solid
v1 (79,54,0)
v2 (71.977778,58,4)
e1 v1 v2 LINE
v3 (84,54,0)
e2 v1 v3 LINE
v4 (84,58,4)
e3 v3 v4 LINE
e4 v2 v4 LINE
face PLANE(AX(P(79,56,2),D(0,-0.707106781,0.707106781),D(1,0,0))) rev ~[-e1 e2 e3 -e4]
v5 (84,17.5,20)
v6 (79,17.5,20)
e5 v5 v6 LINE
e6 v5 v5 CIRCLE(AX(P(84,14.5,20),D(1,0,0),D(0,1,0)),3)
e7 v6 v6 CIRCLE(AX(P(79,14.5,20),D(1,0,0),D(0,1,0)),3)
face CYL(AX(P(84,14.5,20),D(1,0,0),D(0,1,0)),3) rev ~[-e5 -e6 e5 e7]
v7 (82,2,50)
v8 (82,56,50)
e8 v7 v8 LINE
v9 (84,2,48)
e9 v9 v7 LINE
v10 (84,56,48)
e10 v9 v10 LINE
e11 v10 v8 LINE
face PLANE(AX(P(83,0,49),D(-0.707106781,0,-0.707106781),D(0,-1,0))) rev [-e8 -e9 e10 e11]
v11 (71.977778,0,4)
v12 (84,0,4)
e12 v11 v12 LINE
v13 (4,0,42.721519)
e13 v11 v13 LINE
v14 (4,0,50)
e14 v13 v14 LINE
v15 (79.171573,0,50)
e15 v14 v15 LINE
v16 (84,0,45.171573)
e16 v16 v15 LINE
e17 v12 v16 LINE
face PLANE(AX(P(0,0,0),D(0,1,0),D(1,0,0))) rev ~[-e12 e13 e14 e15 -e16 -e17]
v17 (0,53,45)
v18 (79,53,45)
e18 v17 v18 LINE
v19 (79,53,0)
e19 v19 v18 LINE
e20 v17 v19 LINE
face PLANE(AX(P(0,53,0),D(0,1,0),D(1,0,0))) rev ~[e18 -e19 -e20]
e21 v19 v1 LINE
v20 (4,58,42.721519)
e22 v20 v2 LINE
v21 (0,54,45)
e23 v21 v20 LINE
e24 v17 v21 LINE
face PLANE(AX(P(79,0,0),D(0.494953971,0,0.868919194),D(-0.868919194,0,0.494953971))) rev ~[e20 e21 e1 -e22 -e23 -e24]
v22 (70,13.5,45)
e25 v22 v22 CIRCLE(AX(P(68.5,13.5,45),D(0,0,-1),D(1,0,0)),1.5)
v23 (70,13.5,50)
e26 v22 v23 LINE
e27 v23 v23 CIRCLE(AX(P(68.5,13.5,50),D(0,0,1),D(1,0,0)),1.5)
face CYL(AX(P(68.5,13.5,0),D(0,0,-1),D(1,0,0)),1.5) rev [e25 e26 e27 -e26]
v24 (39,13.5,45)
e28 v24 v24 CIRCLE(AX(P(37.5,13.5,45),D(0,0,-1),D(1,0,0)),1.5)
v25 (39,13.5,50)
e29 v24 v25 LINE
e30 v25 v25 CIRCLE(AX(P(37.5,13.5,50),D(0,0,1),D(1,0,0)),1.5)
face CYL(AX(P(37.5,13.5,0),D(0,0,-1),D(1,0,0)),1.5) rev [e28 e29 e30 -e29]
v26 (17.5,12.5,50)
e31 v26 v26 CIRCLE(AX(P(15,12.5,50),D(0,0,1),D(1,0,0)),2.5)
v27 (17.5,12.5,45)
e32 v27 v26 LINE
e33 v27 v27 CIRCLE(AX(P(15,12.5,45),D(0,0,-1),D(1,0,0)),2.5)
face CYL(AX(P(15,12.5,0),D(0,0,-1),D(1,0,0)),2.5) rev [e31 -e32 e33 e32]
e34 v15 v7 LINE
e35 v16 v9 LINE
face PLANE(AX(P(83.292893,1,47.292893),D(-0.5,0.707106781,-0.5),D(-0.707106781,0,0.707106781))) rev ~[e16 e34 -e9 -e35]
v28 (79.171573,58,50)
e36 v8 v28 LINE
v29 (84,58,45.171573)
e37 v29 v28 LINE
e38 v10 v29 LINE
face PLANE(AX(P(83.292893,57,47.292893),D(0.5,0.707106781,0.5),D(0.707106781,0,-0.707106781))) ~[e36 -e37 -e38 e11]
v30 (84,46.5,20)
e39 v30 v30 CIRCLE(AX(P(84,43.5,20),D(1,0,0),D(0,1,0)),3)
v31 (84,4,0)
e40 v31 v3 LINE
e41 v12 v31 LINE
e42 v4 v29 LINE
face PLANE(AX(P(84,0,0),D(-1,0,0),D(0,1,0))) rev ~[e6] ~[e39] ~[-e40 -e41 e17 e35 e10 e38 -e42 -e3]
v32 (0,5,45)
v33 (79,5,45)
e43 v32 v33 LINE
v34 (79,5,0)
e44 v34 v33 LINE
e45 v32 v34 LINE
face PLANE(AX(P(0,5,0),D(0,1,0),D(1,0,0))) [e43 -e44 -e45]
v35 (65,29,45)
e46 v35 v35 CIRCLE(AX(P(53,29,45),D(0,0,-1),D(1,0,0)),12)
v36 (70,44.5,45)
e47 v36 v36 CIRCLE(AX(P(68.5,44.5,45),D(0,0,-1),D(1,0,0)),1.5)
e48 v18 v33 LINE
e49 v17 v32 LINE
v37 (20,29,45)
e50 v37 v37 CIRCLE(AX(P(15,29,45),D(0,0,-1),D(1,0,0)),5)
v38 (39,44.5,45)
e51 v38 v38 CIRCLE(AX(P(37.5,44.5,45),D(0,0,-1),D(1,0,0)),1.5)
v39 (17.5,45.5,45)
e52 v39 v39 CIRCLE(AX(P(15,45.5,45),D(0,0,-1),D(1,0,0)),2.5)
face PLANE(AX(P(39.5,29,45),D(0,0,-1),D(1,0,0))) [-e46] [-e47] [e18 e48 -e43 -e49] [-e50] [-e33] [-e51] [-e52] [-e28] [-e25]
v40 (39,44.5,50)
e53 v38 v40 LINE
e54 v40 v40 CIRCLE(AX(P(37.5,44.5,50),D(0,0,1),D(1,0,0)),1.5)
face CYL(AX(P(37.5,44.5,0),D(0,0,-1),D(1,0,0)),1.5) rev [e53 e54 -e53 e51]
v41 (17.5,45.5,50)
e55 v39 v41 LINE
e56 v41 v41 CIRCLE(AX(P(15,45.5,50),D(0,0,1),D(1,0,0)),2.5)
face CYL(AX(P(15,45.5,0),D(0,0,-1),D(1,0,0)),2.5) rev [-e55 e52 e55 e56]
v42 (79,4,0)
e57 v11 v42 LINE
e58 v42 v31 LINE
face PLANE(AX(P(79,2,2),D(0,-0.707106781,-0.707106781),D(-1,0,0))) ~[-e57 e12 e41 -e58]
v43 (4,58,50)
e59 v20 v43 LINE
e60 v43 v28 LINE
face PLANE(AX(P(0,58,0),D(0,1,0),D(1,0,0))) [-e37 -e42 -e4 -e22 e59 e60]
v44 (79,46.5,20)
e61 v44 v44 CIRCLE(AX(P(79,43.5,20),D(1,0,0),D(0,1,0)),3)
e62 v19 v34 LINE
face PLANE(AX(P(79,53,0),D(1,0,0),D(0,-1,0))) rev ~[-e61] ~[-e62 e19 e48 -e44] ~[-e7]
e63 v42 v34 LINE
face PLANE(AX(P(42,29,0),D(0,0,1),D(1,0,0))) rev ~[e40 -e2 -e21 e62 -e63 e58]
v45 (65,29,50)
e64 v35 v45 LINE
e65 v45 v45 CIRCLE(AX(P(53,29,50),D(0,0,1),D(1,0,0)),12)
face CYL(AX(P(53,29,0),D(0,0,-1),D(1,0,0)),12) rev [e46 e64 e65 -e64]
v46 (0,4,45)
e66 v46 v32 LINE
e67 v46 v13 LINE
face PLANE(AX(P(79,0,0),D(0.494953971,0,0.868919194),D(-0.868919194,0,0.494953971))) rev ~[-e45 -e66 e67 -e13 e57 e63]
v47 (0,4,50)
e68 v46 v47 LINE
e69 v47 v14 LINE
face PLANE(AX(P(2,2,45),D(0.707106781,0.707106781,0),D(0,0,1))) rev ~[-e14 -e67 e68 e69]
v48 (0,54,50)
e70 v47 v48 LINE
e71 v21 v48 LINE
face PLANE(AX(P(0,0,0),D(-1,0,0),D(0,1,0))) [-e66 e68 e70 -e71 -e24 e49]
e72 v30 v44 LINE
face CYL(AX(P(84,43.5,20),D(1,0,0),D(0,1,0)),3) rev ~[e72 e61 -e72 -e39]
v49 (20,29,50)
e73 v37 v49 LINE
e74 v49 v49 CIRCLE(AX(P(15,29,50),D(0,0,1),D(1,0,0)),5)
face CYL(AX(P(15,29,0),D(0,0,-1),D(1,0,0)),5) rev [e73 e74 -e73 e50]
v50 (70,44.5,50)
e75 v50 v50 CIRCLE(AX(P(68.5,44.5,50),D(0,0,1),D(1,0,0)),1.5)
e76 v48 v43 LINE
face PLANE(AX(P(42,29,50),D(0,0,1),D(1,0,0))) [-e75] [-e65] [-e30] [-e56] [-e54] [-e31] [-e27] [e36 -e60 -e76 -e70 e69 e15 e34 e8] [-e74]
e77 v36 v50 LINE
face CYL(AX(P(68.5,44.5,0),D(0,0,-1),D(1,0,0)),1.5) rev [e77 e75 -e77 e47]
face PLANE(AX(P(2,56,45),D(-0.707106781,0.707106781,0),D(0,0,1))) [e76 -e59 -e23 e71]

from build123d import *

# Parameters (mm, degrees)
SKETCH_W        = 84
SKETCH_H        = 58
SKETCH_R        = 1.5
SKETCH_R_2      = 12
SKETCH_R_3      = 2.5
SKETCH_R_4      = 5
PAD_DEPTH       = 50
SKETCH001_W     = 79
SKETCH001_H     = 48
POCKET_DEPTH    = 45
POCKET001_DEPTH = 58.001
SKETCH003_R     = 3
POCKET002_DEPTH = 84.001
CHAMFER_SIZE    = 4
CHAMFER001_SIZE = 4
CHAMFER002_SIZE = 2
CHAMFER003_SIZE = 2


with BuildPart() as part:
    # Sketch → Pad (new body)
    with BuildSketch(Plane.XY):
        with Locations((42, 29)):
            Rectangle(SKETCH_W, SKETCH_H)
        with Locations((37.5, 44.5)):
            Circle(SKETCH_R, mode=Mode.SUBTRACT)
        with Locations((68.5, 44.5)):
            Circle(SKETCH_R, mode=Mode.SUBTRACT)
        with Locations((68.5, 13.5)):
            Circle(SKETCH_R, mode=Mode.SUBTRACT)
        with Locations((37.5, 13.5)):
            Circle(SKETCH_R, mode=Mode.SUBTRACT)
        with Locations((53, 29)):
            Circle(SKETCH_R_2, mode=Mode.SUBTRACT)
        with Locations((15, 45.5)):
            Circle(SKETCH_R_3, mode=Mode.SUBTRACT)
        with Locations((15, 12.5)):
            Circle(SKETCH_R_3, mode=Mode.SUBTRACT)
        with Locations((15, 29)):
            Circle(SKETCH_R_4, mode=Mode.SUBTRACT)
    extrude(amount=PAD_DEPTH)

    # Sketch001 (on Face13 of Pad) → Pocket (cut)
    with BuildSketch(Plane(origin=(0, 0, 0), x_dir=(1, 0, 0), z_dir=(0, 0, -1))):
        with Locations((39.5, -29)):
            Rectangle(SKETCH001_W, SKETCH001_H)
    extrude(amount=-POCKET_DEPTH, mode=Mode.SUBTRACT)

    # Sketch002 (on Face9 of Pocket) → Pocket001 (cut, through all)
    with BuildSketch(Plane.XZ):
        Polygon((0, 45), (0, 0), (79, 0), align=None)
    extrude(amount=-POCKET001_DEPTH, mode=Mode.SUBTRACT)

    # Sketch003 (on Face4 of Pocket001) → Pocket002 (cut, through all)
    with BuildSketch(Plane.YZ.offset(84)):
        with Locations((14.5, 20)):
            Circle(SKETCH003_R)
        with Locations((43.5, 20)):
            Circle(SKETCH003_R)
    extrude(amount=-POCKET002_DEPTH, mode=Mode.SUBTRACT)

    # Chamfer
    chamfer_edges = [part.edges().sort_by_distance(p)[0] for p in [
        (0, 58, 47.5),
        (0, 0, 47.5),
    ]]
    chamfer(chamfer_edges, length=CHAMFER_SIZE)

    # Chamfer001
    chamfer001_edges = [part.edges().sort_by_distance(p)[0] for p in [
        (81.5, 0, 0),
        (81.5, 58, 0),
    ]]
    chamfer(chamfer001_edges, length=CHAMFER001_SIZE)

    # Chamfer002
    chamfer002_edges = [part.edges().sort_by_distance(p)[0] for p in [
        (84, 29, 50),
    ]]
    chamfer(chamfer002_edges, length=CHAMFER002_SIZE)

    # Chamfer003
    chamfer003_edges = [part.edges().sort_by_distance(p)[0] for p in [
        (83, 0, 49),
        (83, 58, 49),
    ]]
    chamfer(chamfer003_edges, length=CHAMFER003_SIZE)


solid = part.part
